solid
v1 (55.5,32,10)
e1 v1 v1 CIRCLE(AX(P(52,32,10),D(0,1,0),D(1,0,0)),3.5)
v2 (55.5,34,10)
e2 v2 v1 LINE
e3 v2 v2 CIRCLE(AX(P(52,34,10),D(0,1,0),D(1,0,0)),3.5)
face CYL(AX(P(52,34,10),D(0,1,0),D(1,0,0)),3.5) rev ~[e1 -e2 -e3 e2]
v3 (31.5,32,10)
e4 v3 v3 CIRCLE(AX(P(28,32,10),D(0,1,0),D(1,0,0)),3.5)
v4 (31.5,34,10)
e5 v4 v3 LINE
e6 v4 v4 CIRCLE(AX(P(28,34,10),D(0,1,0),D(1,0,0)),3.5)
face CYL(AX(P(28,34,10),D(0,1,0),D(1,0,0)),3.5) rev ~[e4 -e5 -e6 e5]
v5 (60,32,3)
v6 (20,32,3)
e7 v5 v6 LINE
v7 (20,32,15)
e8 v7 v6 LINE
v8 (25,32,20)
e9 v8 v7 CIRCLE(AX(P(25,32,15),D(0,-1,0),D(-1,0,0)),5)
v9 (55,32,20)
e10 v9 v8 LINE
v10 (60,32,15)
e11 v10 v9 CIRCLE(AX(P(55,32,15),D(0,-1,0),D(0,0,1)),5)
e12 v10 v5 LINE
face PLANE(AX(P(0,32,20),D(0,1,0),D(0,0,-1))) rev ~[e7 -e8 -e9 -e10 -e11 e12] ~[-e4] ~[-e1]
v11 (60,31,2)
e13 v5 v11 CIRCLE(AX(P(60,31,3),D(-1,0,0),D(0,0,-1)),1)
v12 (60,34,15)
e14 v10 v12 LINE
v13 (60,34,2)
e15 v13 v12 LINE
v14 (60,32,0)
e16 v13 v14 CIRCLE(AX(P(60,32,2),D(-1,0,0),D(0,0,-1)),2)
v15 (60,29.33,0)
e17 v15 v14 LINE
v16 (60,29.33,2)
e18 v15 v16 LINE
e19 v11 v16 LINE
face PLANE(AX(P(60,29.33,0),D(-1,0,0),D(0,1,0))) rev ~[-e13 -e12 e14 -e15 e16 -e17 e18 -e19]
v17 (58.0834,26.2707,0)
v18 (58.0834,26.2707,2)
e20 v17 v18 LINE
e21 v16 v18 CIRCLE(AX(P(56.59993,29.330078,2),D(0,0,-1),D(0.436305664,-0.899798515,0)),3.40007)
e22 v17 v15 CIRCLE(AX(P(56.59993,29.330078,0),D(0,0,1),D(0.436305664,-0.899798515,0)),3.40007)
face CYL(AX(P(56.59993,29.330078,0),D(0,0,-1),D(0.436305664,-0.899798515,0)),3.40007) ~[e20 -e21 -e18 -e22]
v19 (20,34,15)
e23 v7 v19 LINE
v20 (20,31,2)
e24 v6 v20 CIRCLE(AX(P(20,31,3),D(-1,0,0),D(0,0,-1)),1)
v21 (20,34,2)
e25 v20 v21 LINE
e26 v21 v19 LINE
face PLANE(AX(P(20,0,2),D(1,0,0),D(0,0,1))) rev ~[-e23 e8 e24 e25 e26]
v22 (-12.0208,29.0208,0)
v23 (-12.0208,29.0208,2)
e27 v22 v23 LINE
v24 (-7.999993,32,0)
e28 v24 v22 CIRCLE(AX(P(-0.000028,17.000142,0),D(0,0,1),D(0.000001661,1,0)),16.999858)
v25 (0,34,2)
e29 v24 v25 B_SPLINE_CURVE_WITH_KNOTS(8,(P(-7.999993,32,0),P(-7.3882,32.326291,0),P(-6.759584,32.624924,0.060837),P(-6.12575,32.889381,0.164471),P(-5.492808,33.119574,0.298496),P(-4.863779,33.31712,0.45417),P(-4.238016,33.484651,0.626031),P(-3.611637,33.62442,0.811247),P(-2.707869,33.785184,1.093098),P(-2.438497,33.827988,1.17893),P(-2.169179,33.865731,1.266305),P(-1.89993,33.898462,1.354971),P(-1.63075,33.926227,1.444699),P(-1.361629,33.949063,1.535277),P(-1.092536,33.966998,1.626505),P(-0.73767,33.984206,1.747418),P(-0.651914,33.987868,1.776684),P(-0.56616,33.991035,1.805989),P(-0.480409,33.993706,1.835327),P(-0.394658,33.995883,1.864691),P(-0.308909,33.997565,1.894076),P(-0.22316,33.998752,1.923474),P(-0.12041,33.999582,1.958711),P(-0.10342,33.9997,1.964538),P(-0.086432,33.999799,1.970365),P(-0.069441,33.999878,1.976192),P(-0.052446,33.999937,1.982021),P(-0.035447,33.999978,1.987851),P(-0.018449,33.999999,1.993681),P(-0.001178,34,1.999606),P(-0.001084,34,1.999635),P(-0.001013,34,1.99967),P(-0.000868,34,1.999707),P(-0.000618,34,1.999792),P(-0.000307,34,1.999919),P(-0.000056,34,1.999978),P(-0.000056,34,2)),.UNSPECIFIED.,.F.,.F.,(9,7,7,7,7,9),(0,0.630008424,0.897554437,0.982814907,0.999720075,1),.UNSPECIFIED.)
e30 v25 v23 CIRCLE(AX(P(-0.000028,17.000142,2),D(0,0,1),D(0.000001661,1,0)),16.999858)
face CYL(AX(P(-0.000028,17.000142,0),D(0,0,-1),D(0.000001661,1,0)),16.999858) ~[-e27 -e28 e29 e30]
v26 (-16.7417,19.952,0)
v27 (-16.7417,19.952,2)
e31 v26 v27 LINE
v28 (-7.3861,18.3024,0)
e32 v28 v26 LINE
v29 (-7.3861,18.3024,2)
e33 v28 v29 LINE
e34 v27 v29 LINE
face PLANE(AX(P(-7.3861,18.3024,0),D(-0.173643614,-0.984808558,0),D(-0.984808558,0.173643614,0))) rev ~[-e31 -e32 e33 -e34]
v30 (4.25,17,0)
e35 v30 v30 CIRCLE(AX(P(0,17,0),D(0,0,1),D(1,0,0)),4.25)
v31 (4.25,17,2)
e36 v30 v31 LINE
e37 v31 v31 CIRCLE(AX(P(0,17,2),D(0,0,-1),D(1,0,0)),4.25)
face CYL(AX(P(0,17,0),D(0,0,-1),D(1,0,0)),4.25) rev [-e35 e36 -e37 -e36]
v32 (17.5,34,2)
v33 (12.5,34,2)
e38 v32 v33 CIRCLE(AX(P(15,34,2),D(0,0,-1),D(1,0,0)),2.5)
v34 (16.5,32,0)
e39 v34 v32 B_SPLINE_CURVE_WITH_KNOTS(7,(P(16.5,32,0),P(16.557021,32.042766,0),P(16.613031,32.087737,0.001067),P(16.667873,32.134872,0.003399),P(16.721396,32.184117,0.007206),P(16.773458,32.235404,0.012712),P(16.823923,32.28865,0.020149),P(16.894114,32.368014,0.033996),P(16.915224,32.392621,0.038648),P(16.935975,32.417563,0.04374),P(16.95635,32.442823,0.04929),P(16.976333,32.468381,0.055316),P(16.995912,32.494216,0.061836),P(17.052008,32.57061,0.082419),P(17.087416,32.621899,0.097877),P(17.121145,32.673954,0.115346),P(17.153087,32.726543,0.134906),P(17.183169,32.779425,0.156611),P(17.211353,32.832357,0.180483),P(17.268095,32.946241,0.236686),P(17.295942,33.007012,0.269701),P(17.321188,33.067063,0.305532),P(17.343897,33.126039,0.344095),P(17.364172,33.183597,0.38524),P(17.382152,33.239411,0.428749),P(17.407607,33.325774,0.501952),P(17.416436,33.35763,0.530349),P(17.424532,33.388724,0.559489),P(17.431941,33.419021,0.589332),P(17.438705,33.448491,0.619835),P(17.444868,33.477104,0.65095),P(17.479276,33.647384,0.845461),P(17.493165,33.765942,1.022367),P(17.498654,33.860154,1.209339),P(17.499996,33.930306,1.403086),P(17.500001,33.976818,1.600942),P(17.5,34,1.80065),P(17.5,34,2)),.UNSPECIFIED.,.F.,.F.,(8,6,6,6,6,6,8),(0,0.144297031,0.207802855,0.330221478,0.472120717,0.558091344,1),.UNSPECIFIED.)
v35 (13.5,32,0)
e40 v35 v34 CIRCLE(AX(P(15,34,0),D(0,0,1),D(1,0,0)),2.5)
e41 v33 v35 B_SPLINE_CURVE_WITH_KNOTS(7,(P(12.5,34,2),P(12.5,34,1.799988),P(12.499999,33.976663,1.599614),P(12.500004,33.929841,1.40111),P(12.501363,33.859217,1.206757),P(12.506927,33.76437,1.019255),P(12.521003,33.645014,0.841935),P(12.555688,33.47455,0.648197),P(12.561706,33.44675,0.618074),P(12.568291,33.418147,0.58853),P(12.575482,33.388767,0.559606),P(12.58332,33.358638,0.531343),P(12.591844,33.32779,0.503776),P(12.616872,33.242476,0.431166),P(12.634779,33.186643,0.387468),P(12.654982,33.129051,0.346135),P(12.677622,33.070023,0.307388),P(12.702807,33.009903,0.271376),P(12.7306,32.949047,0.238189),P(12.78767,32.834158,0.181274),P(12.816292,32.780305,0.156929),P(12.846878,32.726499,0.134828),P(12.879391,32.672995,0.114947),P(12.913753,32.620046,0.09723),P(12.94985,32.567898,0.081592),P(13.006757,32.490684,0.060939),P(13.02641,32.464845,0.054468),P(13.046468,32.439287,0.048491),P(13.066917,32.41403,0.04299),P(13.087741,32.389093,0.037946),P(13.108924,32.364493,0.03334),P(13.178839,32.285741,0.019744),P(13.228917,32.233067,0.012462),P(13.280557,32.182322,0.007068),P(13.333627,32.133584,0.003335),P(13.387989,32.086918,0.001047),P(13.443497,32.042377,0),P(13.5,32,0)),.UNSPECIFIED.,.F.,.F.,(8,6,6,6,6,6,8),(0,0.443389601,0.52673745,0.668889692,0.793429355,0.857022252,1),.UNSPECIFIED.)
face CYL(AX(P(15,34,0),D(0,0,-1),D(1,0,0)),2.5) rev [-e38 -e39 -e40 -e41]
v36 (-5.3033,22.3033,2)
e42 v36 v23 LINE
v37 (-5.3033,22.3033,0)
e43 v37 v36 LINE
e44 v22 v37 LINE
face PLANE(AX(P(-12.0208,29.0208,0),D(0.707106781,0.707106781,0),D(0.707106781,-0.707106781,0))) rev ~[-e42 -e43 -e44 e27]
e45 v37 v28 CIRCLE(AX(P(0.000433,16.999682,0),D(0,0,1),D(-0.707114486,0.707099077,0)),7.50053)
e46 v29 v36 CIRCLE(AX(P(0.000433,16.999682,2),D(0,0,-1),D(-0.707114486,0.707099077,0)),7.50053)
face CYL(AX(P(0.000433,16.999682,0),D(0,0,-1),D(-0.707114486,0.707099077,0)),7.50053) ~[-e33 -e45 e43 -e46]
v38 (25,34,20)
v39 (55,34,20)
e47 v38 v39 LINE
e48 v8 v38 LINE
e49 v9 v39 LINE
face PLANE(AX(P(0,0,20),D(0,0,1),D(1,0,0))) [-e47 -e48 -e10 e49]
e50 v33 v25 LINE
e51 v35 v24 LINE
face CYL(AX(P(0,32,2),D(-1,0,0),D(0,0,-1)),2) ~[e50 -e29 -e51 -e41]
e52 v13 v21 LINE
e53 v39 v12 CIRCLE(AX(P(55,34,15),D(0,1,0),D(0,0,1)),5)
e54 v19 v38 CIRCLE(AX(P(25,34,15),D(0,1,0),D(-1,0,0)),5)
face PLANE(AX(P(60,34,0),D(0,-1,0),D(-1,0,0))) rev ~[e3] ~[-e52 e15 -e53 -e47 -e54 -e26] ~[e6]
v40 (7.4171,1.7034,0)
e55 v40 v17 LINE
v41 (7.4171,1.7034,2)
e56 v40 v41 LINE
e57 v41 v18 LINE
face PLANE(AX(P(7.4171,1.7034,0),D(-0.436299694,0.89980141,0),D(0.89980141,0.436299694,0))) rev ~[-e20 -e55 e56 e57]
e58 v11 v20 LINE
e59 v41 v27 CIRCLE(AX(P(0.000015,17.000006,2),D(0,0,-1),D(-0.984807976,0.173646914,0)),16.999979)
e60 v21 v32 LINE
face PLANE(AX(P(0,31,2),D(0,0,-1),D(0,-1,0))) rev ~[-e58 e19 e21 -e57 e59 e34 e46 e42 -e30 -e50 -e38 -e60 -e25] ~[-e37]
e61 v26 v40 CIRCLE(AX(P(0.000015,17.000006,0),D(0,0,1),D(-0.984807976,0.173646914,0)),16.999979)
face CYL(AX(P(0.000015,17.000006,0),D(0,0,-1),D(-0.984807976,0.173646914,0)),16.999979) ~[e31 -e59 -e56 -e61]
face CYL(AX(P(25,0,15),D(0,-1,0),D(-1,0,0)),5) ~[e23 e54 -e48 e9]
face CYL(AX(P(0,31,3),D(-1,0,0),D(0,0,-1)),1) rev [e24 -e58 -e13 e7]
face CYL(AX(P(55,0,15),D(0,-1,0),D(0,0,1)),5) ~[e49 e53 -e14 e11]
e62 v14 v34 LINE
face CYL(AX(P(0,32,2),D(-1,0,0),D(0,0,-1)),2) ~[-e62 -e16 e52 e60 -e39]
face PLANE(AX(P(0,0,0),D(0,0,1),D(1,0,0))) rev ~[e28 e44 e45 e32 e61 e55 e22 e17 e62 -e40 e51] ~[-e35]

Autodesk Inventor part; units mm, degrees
sketch "Sketch_10" plane through (0, 0, 0) normal (0, 0, 1) x (1, 0, 0)
  arc A0 (-16.7417, 19.952) -> (7.4171, 1.7034) centre (0, 17) ccw
  line L0 (7.4171, 1.7034) -> (58.0834, 26.2707)
  arc A1 (58.0834, 26.2707) -> (60, 29.33) centre (56.6, 29.33) ccw
  line L1 (60, 29.33) -> (60, 34)
  line L2 (60, 34) -> (0, 34)
  arc A2 (0, 34) -> (-12.0208, 29.0208) centre (0, 17) ccw
  line L3 (-12.0208, 29.0208) -> (-5.3033, 22.3033)
  arc A3 (-5.3033, 22.3033) -> (-7.3861, 18.3024) centre (0, 17) ccw
  line L4 (-7.3861, 18.3024) -> (-16.7417, 19.952)
  circle A4 centre (0, 17) radius 4.25
extrude "Extrusion1" add sketch "Sketch_10" along normal blind 20
sketch "Sketch_1" plane through (0, 0, 0) normal (1, 0, 0) x (0, 1, 0)
  line L0 (39, 25) -> (-5, 25)
  line L1 (-5, 25) -> (-5, -5)
  line L2 (-5, -5) -> (39, -5)
  line L3 (39, -5) -> (39, 25)
  line L4 (34, 20) -> (32, 20)
  line L5 (32, 20) -> (32, 3)
  arc A0 (31, 2) -> (32, 3) centre (31, 3) ccw
  line L6 (31, 2) -> (0, 2)
  line L7 (0, 2) -> (0, 0)
  line L8 (0, 0) -> (32, 0)
  arc A1 (32, 0) -> (34, 2) centre (32, 2) ccw
  line L9 (34, 2) -> (34, 20)
extrude "Extrusion2" cut sketch "Sketch_1" along normal mid plane 188
sketch "Sketch_3" plane through (0, 0, 0) normal (0, 1, 0) x (-1, 0, 0)
  line L0 (22, 25) -> (-65, 25)
  line L1 (-65, 25) -> (-65, -5)
  line L2 (-65, -5) -> (22, -5)
  line L3 (22, -5) -> (22, 25)
  line L4 (17, 2) -> (-20, 2)
  line L5 (-20, 2) -> (-20, 15)
  arc A0 (-20, 15) -> (-25, 20) centre (-25, 15) ccw
  line L6 (-25, 20) -> (-55, 20)
  arc A1 (-55, 20) -> (-60, 15) centre (-55, 15) ccw
  line L7 (-60, 15) -> (-60, 0)
  line L8 (-60, 0) -> (17, 0)
  line L9 (17, 0) -> (17, 2)
extrude "Extrusion3" cut sketch "Sketch_3" along normal blind 34
sketch "Sketch_2" plane through (0, 34, 0) normal (0, 1, 0) x (1, 0, 0)
  circle A0 centre (28, -10) radius 3.5
extrude "Extrusion4" cut sketch "Sketch_2" along normal mid plane 4
sketch "Sketch_4" plane through (0, 34, 0) normal (0, 1, 0) x (1, 0, 0)
  circle A0 centre (52, -10) radius 3.5
extrude "Extrusion5" cut sketch "Sketch_4" along normal mid plane 4
sketch "Sketch_7" plane through (0, 0, 0) normal (0, 0, 1) x (1, 0, 0)
  circle A0 centre (15, 34) radius 2.5
extrude "Extrusion6" cut sketch "Sketch_7" along normal blind 20
ref_plane "fix_end_r_XY" through (0, 17, 0) normal (0, 0, 1) x (1, 0, 0)
ref_plane "fix_end_r_YZ" through (0, 17, 0) normal (1, 0, 0) x (0, 1, 0)
ref_plane "fix_end_r_ZX" through (0, 17, 0) normal (0, 1, 0) x (0, 0, 1)
ref_plane "free_end_r_XY" through (0, 17, 2) normal (0, 0, 1) x (1, 0, 0)
ref_plane "free_end_r_YZ" through (0, 17, 2) normal (1, 0, 0) x (0, 1, 0)
ref_plane "free_end_r_ZX" through (0, 17, 2) normal (0, 1, 0) x (0, 0, 1)
ref_plane "r_XY" through (0, 17, 27.8) normal (0, 0, 1) x (1, 0, 0)
ref_plane "r_YZ" through (0, 17, 27.8) normal (1, 0, 0) x (0, 1, 0)
ref_plane "r_ZX" through (0, 17, 27.8) normal (0, 1, 0) x (0, 0, 1)
properties part number "MHPUS306-Ab_free_right"
